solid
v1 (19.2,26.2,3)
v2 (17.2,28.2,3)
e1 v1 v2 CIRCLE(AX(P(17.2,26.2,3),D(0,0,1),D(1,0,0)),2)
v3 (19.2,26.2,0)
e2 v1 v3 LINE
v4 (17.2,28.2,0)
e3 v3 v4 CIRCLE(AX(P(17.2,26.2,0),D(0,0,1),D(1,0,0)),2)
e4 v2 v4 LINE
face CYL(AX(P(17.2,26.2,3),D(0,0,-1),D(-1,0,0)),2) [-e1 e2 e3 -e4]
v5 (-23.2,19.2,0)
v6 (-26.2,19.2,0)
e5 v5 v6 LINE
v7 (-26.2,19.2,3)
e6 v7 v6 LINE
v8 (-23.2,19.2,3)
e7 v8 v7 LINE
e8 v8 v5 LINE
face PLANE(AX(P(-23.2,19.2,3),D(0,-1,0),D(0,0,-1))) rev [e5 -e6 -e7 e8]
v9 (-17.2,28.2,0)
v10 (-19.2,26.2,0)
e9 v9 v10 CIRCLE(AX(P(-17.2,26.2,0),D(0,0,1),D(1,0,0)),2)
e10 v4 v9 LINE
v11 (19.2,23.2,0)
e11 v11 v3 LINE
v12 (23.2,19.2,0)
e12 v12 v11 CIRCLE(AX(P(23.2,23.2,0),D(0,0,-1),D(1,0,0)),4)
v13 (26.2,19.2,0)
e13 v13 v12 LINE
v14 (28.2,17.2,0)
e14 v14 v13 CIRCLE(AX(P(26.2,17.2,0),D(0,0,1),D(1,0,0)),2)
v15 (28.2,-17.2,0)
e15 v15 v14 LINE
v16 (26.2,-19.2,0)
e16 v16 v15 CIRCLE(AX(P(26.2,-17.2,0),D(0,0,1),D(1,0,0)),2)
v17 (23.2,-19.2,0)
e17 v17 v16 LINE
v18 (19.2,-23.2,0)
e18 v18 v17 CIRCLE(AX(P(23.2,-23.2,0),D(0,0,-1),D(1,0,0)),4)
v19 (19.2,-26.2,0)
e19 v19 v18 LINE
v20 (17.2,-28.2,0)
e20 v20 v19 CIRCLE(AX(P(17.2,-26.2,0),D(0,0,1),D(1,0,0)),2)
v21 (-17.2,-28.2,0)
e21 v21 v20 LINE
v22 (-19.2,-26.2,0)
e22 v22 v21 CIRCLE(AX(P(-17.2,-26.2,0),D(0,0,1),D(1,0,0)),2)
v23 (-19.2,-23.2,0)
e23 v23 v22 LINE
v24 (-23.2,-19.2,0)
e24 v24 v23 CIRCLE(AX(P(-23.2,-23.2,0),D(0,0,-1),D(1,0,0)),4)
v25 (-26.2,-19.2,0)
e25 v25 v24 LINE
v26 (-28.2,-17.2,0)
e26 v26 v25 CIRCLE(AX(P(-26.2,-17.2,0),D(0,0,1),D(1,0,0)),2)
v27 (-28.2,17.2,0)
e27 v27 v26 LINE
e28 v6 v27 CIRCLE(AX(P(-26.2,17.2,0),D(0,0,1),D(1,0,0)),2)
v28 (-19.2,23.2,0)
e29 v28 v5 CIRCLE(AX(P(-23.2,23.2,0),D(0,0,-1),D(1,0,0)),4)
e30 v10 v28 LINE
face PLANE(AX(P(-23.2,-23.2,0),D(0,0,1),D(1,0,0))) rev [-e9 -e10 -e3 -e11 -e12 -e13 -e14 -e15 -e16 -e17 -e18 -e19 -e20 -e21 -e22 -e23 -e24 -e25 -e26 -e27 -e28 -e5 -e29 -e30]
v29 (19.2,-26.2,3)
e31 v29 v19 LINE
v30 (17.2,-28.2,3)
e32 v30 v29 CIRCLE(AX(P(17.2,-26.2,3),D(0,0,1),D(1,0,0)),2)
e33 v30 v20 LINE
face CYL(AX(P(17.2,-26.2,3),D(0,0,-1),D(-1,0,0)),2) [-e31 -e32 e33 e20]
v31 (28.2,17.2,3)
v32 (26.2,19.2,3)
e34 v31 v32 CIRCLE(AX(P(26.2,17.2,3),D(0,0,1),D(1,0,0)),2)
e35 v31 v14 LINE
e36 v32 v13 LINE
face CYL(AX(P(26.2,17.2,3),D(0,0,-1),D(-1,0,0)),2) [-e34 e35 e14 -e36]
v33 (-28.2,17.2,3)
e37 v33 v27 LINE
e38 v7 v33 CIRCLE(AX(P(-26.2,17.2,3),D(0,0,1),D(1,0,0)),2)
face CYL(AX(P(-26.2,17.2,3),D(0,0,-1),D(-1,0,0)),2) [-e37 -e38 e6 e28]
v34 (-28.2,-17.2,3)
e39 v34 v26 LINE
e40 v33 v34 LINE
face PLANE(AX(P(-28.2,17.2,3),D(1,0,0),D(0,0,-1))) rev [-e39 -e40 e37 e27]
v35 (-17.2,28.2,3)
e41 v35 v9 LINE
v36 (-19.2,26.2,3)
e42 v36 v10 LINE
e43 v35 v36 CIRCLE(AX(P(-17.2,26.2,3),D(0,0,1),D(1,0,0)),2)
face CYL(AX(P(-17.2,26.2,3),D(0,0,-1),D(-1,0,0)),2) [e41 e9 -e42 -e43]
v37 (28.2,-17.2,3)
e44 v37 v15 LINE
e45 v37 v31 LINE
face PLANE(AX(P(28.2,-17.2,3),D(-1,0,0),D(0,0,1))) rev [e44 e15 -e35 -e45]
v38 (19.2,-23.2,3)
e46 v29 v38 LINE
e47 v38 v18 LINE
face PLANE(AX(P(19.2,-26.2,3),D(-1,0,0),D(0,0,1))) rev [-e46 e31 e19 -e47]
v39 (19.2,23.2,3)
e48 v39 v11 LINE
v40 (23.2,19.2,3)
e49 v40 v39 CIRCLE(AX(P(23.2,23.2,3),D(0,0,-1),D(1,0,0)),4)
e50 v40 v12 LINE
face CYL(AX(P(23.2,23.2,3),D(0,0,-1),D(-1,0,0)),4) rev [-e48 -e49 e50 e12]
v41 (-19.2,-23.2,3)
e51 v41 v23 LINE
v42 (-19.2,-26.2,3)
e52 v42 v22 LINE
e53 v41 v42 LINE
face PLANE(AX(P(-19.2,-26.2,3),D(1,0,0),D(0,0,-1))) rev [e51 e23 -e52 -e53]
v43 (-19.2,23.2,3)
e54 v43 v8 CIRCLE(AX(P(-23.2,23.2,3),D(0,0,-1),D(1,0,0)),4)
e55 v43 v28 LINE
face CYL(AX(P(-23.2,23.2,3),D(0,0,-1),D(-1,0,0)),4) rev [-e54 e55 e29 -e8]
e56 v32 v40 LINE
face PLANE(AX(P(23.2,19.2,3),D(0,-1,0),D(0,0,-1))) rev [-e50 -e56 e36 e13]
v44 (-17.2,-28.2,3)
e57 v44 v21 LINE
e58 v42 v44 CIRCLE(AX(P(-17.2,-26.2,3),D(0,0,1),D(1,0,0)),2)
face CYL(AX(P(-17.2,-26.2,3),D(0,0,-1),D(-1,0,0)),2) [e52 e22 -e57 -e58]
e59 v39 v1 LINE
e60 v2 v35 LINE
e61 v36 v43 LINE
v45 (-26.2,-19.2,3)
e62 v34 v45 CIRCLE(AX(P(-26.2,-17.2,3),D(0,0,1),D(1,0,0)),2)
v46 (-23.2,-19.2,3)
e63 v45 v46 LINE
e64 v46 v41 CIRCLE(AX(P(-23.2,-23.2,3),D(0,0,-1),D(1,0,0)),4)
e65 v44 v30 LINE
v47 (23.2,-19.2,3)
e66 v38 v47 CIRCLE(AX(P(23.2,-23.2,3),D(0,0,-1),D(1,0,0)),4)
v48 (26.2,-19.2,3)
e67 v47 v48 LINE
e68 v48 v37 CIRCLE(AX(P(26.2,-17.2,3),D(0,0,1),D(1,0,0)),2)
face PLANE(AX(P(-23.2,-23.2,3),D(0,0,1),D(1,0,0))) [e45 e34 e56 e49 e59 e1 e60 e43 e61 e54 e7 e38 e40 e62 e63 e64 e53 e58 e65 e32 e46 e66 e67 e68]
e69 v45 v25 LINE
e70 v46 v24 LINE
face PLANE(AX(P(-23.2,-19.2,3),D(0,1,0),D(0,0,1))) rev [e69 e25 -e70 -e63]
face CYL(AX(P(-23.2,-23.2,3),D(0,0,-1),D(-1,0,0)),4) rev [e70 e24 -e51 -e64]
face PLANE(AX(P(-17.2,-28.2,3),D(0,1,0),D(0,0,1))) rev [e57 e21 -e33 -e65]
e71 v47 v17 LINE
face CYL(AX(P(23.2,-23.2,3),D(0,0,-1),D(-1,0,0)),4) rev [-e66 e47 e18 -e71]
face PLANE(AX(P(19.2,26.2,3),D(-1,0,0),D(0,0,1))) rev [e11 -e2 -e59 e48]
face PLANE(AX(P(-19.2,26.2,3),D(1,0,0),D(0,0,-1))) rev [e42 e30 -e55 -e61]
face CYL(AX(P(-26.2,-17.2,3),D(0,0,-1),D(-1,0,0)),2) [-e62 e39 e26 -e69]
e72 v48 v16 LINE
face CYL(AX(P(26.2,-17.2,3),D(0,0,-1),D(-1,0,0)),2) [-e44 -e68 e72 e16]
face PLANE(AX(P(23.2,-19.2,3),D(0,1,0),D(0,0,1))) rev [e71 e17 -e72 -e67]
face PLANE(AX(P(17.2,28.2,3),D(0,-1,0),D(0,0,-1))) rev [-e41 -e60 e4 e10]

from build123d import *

# Parameters (mm, degrees)
EXTRUDE_1_DEPTH = 3


with BuildPart() as part:
    # 草图1 → 凸台-拉伸1 (new body)
    with BuildSketch(Plane.XY):
        with BuildLine():
            Line((28.2, -17.2), (28.2, 17.2))
            ThreePointArc((28.2, 17.2), (27.614213562, 18.614213562), (26.2, 19.2))
            Line((26.2, 19.2), (23.2, 19.2))
            ThreePointArc((23.2, 19.2), (20.371572875, 20.371572875), (19.2, 23.2))
            Line((19.2, 23.2), (19.2, 26.2))
            ThreePointArc((19.2, 26.2), (18.614213562, 27.614213562), (17.2, 28.2))
            Line((17.2, 28.2), (-17.2, 28.2))
            ThreePointArc((-17.2, 28.2), (-18.614213562, 27.614213562), (-19.2, 26.2))
            Line((-19.2, 26.2), (-19.2, 23.2))
            ThreePointArc((-19.2, 23.2), (-20.371572875, 20.371572875), (-23.2, 19.2))
            Line((-23.2, 19.2), (-26.2, 19.2))
            ThreePointArc((-26.2, 19.2), (-27.614213562, 18.614213562), (-28.2, 17.2))
            Line((-28.2, 17.2), (-28.2, -17.2))
            ThreePointArc((-28.2, -17.2), (-27.614213562, -18.614213562), (-26.2, -19.2))
            Line((-26.2, -19.2), (-23.2, -19.2))
            ThreePointArc((-23.2, -19.2), (-20.371572875, -20.371572875), (-19.2, -23.2))
            Line((-19.2, -23.2), (-19.2, -26.2))
            ThreePointArc((-19.2, -26.2), (-18.614213562, -27.614213562), (-17.2, -28.2))
            Line((-17.2, -28.2), (17.2, -28.2))
            ThreePointArc((17.2, -28.2), (18.614213562, -27.614213562), (19.2, -26.2))
            Line((19.2, -26.2), (19.2, -23.2))
            ThreePointArc((19.2, -23.2), (20.371572875, -20.371572875), (23.2, -19.2))
            Line((23.2, -19.2), (26.2, -19.2))
            ThreePointArc((26.2, -19.2), (27.614213562, -18.614213562), (28.2, -17.2))
        make_face()
    extrude(amount=EXTRUDE_1_DEPTH)


solid = part.part
